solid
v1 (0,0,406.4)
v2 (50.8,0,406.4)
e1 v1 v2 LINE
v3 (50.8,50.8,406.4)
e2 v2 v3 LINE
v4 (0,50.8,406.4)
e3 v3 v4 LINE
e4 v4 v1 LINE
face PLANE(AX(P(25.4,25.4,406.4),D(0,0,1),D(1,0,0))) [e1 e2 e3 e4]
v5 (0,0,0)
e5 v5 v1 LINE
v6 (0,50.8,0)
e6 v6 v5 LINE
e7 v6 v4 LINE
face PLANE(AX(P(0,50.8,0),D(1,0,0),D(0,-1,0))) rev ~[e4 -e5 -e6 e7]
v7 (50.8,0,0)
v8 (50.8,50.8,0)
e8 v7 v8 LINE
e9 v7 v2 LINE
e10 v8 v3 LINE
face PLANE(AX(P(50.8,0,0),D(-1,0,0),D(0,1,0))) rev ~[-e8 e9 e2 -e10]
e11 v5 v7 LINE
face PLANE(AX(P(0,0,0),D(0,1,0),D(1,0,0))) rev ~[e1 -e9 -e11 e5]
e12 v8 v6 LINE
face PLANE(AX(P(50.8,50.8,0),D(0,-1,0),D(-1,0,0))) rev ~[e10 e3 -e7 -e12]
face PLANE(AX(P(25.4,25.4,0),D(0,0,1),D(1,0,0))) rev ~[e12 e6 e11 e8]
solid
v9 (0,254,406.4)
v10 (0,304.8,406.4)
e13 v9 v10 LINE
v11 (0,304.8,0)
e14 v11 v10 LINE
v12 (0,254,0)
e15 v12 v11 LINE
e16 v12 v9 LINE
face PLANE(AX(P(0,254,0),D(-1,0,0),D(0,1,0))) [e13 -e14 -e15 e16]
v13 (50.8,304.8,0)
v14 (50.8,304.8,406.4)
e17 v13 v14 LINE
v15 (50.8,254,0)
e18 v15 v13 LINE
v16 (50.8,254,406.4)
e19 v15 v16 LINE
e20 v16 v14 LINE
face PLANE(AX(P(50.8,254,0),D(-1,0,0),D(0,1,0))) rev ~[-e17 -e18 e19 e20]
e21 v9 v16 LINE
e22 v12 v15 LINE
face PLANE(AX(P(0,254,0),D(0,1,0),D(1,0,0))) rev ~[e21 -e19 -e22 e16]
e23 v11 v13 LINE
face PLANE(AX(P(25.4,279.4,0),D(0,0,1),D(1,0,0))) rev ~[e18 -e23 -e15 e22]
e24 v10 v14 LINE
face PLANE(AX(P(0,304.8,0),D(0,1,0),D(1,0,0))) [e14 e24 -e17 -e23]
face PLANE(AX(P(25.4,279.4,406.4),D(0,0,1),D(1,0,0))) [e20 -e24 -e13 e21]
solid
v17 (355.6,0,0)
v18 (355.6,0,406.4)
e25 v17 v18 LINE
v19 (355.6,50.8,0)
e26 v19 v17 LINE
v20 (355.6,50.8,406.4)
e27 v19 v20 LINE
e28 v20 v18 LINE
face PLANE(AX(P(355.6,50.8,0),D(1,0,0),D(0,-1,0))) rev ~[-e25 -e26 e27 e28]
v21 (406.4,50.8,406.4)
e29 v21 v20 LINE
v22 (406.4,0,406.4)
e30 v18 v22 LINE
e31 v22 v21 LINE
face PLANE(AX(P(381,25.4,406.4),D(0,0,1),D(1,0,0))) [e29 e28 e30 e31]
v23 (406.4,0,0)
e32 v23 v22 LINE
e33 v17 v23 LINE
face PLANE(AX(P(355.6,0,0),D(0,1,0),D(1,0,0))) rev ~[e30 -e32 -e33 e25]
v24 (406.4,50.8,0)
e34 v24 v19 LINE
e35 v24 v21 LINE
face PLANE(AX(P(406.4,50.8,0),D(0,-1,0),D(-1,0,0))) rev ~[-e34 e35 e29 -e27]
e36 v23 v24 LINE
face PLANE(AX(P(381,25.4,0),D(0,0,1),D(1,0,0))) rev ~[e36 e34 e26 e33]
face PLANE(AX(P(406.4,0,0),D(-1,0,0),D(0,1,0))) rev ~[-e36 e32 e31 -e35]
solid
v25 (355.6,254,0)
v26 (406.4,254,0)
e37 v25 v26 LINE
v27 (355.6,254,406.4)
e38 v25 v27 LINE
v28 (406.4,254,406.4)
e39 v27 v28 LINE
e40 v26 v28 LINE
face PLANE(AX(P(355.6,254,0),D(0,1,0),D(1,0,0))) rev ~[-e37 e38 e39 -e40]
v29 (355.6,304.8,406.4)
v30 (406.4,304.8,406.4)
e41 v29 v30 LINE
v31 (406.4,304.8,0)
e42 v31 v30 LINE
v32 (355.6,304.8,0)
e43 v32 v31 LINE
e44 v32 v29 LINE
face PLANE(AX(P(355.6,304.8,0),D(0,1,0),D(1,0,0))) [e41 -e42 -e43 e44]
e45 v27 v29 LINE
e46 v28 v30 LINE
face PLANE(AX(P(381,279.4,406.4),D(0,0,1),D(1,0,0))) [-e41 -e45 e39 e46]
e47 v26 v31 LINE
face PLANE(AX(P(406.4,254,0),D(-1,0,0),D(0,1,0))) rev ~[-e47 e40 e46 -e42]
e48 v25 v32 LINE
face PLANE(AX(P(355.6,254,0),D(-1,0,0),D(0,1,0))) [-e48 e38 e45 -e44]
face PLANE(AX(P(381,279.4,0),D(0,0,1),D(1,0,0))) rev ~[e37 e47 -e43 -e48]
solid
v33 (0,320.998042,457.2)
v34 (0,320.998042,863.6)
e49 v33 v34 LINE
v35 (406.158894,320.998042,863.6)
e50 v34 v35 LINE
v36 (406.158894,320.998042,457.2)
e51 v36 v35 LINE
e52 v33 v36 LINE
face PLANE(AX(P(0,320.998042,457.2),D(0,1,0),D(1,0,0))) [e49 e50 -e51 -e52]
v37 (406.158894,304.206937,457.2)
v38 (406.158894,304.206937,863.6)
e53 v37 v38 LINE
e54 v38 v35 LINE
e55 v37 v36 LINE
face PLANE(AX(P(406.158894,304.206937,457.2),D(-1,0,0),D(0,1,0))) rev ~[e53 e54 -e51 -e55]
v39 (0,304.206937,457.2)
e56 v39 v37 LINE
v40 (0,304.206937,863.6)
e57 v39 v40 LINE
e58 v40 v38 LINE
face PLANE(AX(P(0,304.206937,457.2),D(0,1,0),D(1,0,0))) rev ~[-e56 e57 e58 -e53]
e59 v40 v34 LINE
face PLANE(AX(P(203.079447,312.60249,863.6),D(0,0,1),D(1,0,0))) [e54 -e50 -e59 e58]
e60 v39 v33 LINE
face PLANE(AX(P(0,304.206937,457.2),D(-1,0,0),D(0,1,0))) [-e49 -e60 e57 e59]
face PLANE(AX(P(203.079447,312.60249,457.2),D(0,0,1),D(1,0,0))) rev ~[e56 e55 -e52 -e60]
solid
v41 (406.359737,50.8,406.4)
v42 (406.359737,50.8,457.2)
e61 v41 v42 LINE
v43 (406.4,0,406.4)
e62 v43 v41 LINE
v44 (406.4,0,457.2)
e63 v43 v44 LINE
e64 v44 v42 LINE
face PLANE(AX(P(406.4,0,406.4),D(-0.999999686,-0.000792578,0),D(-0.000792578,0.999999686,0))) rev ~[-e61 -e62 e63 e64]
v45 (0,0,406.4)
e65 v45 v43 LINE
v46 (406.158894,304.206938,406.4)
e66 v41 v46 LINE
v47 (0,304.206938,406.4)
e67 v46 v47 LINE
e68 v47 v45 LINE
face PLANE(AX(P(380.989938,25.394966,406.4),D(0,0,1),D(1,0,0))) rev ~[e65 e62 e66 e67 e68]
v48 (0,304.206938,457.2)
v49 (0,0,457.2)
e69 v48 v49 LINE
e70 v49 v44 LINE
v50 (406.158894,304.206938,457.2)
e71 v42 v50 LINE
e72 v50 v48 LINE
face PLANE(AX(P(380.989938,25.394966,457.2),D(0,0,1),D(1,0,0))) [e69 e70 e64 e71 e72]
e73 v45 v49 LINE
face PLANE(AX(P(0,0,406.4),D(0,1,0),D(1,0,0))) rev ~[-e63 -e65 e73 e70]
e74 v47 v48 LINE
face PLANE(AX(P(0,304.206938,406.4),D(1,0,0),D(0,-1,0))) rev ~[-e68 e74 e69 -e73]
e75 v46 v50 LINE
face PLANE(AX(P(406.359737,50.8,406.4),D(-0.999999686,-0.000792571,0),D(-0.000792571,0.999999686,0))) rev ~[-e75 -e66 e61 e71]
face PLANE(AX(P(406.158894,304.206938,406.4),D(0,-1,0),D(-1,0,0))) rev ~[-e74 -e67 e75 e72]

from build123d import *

# Parameters (mm, degrees)
F0_W     = 50.8
F0_H     = 50.8
F1_DEPTH = 406.4
F3_DEPTH = 50.8
F4_W     = 406.158894
F4_H     = 16.791105
F5_DEPTH = 406.4


with BuildPart() as f1:
    # F0 (on Top) → F1 (new body)
    with BuildSketch(Plane.XY):
        Polygon((0, 50.8), (0, 0), (50.8, 0), (50.8, 12.397157), (50.8, 50.8), align=None)
        with Locations((25.4, 279.4)):
            Rectangle(F0_W, F0_H)
        with Locations((381, 279.4)):
            Rectangle(F0_W, F0_H)
        Polygon((355.6, 12.397157), (355.6, 0), (406.4, 0), (406.4, 50.8), (355.6, 50.8), align=None)
    extrude(amount=F1_DEPTH)


with BuildPart() as f3:
    # F2 (on face) → F3 (new body)
    with BuildSketch(Plane.XY.offset(406.4)):
        Polygon((355.6, 50.8), (355.6, 0), (406.4, 0), (406.359737, 50.8), align=None)
        Polygon((0, 304.206938), (0, 0), (355.6, 0), (355.6, 50.8), (406.359737, 50.8), (406.158894, 304.206938), align=None)
    extrude(amount=F3_DEPTH)


with BuildPart() as f5:
    # F4 (on face) → F5 (new body)
    with BuildSketch(Plane.XY.offset(457.2)):
        with Locations((203.079447, 312.60249)):
            Rectangle(F4_W, F4_H)
    extrude(amount=F5_DEPTH)


solid = Compound([f1.part, f3.part, f5.part])
